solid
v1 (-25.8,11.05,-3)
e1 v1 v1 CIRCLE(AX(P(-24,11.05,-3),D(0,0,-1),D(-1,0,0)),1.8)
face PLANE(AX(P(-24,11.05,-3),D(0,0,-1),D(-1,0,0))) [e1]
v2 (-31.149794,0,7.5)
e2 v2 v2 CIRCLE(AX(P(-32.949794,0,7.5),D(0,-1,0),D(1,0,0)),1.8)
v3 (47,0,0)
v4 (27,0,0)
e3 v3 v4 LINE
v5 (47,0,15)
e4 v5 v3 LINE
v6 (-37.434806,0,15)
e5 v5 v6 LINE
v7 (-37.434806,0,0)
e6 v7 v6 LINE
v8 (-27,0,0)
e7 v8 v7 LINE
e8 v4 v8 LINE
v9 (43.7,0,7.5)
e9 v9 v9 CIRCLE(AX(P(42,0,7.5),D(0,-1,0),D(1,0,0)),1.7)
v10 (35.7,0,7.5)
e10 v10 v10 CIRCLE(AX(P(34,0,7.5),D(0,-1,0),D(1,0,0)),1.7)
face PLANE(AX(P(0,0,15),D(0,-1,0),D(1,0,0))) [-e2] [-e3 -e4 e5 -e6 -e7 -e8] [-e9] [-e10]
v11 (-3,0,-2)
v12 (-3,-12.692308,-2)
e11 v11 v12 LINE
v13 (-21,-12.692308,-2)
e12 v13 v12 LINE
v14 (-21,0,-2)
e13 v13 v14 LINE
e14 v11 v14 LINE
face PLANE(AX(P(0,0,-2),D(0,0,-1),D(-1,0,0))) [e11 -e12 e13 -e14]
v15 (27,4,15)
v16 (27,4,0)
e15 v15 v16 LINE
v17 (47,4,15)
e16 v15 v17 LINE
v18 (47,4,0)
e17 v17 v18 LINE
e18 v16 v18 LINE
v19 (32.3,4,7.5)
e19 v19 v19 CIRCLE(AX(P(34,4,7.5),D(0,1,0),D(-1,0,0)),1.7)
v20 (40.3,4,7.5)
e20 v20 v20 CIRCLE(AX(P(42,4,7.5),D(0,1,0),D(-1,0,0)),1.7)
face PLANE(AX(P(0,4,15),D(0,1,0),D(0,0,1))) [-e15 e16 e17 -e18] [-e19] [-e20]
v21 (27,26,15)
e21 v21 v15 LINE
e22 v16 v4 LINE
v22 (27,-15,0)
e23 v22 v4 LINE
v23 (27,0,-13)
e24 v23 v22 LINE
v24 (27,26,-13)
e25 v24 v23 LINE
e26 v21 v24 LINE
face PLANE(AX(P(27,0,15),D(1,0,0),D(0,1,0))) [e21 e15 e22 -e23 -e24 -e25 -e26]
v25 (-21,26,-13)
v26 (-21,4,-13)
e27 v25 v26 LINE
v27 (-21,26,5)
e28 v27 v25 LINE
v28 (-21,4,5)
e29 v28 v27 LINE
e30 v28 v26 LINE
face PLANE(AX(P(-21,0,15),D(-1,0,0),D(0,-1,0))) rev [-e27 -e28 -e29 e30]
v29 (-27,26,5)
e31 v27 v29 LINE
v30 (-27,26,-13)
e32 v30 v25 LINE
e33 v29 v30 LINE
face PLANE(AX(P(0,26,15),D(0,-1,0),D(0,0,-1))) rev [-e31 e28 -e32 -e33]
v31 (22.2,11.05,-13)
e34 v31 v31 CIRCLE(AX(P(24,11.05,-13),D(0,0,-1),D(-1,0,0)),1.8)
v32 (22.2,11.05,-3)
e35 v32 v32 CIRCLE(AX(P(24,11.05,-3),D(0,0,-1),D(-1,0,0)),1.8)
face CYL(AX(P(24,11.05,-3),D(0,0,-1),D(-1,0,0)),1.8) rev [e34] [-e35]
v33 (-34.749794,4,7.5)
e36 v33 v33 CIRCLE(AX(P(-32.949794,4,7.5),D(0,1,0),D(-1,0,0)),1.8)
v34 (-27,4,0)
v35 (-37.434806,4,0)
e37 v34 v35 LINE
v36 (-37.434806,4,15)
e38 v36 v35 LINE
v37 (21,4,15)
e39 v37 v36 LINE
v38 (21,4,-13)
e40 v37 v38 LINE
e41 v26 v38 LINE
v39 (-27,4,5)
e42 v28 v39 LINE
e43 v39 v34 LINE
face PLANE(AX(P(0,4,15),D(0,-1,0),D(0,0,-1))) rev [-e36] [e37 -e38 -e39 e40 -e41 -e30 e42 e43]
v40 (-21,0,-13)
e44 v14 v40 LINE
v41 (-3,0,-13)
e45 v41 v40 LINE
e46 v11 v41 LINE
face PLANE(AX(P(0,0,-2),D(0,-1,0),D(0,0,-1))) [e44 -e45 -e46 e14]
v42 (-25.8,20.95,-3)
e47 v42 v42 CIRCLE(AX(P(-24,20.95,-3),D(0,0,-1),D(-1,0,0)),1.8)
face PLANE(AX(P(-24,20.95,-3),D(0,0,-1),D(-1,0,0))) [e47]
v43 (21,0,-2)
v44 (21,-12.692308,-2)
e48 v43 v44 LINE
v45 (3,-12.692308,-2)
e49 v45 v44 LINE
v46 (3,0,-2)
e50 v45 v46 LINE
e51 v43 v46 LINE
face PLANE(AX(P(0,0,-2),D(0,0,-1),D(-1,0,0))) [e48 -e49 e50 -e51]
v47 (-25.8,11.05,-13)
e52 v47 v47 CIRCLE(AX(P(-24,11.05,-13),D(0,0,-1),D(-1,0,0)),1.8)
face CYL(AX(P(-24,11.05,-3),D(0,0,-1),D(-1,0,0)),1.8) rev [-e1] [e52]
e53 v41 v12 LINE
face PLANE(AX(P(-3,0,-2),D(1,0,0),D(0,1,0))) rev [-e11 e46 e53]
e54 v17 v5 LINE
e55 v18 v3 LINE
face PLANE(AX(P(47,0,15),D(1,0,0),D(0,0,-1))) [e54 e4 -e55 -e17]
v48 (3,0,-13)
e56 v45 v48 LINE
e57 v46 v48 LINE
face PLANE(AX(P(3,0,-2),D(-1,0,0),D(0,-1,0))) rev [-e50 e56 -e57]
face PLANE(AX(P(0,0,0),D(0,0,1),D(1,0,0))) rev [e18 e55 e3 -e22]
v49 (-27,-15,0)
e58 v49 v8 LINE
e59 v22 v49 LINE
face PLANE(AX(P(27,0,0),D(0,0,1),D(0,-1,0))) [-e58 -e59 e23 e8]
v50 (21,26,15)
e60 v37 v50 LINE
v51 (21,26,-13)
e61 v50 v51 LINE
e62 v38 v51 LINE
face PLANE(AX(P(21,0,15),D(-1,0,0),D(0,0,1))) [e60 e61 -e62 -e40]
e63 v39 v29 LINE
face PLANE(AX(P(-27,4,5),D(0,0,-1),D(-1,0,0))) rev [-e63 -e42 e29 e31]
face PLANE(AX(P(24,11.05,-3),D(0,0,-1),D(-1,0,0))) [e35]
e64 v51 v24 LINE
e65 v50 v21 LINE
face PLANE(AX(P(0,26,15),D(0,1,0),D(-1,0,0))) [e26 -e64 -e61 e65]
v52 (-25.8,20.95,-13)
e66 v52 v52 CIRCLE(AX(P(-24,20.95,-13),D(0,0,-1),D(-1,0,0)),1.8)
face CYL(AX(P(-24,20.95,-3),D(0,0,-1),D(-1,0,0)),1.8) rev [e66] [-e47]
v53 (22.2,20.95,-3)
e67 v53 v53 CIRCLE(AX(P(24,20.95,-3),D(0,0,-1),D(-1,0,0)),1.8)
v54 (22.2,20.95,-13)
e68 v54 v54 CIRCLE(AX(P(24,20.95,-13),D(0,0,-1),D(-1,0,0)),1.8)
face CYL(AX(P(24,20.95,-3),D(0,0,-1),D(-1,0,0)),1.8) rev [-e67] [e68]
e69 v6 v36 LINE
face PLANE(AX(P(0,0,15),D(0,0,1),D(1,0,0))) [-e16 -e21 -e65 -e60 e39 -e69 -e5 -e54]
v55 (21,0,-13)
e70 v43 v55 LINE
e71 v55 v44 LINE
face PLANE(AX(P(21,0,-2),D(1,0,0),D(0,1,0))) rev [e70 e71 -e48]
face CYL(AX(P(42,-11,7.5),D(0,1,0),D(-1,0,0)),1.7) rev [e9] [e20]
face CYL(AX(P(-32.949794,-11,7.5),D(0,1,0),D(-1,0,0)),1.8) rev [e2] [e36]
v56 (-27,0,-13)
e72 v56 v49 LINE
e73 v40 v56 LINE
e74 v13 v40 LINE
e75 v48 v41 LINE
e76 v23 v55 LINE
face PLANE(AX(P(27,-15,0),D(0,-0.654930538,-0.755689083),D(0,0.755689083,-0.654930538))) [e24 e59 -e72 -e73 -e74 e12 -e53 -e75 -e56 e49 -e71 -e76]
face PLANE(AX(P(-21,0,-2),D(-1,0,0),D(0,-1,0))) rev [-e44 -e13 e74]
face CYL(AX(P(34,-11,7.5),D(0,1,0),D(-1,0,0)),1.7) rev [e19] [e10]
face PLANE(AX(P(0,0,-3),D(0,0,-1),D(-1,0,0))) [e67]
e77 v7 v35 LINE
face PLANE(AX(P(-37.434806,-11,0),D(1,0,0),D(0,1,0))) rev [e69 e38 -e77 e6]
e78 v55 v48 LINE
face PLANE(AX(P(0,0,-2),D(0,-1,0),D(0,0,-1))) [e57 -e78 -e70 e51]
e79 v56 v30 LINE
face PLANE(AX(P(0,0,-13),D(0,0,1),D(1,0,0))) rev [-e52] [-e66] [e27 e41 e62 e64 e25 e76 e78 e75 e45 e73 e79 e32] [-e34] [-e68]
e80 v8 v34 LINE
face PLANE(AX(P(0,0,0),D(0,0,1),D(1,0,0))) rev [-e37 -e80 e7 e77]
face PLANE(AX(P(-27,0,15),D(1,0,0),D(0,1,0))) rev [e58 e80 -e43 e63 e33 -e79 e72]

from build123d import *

# Parameters (mm, degrees)
SKETCH1_W           = 21
SKETCH1_H           = 4
BOSS_EXTRUDE1_DEPTH = 15
BOSS_EXTRUDE2_DEPTH = 13
SKETCH3_R           = 1.8
CUT_EXTRUDE1_DEPTH  = 10
SKETCH4_W           = 9.565194399
SKETCH4_H           = 15
SKETCH4_R           = 1.8
SKETCH4_R_2         = 1.7
CUT_EXTRUDE2_DEPTH  = 15
SKETCH5_W           = 6
SKETCH5_H           = 10
CUT_EXTRUDE3_DEPTH  = 22
BOSS_EXTRUDE3_DEPTH = 54
SKETCH7_W           = 18
SKETCH7_H           = 15
CUT_EXTRUDE4_DEPTH  = 11


with BuildPart() as part:
    # Sketch1 → Boss-Extrude1 (new body)
    with BuildSketch(Plane.XY):
        Polygon((47, 0), (21, 0), (21, 26), (27, 26), (27, 4), (47, 4), align=None)
        with Locations((-10.5, 2)):
            Rectangle(SKETCH1_W, SKETCH1_H)
        with Locations((10.5, 2)):
            Rectangle(SKETCH1_W, SKETCH1_H)
        Polygon((-47, 0), (-21, 0), (-21, 26), (-27, 26), (-27, 4), (-47, 4), align=None)
    extrude(amount=BOSS_EXTRUDE1_DEPTH)

    # Sketch2 → Boss-Extrude2 (add)
    with BuildSketch(Plane(origin=(0, 0, 0), x_dir=(-1, 0, 0), z_dir=(0, 0, -1))):
        Polygon((-27, 26), (-27, 0), (27, 0), (27, 4), (27, 26), (21, 26), (21, 4), (-21, 4), (-21, 26), align=None)
    extrude(amount=BOSS_EXTRUDE2_DEPTH)

    # Sketch3 → Cut-Extrude1 (cut)
    with BuildSketch(Plane(origin=(0, 0, -13), x_dir=(-1, 0, 0), z_dir=(0, 0, -1))):
        with BuildLine():
            ThreePointArc((-22.2, 20.95), (-22.727207794, 22.222792206), (-24, 22.75))
            Line((-24, 22.75), (-24, 20.95))
            Line((-24, 20.95), (-24, 19.15))
            ThreePointArc((-24, 19.15), (-22.727207794, 19.677207794), (-22.2, 20.95))
        make_face()
        with BuildLine():
            Line((-24, 20.95), (-24, 22.75))
            ThreePointArc((-24, 22.75), (-25.8, 20.95), (-24, 19.15))
            Line((-24, 19.15), (-24, 20.95))
        make_face()
        with Locations((-24, 11.05)):
            Circle(SKETCH3_R)
        with Locations((24, 20.95)):
            Circle(SKETCH3_R)
        with Locations((24, 11.05)):
            Circle(SKETCH3_R)
    extrude(amount=-CUT_EXTRUDE1_DEPTH, mode=Mode.SUBTRACT)

    # Sketch4 → Cut-Extrude2 (cut)
    with BuildSketch(Plane(origin=(0, 4, 0), x_dir=(1, 0, 0), z_dir=(0, 1, 0))):
        with Locations((-42.2174028, -7.5)):
            Rectangle(SKETCH4_W, SKETCH4_H)
        with Locations(Location((-32.949794347, -7.5, 0), (0, 0, 180))):
            Circle(SKETCH4_R)
        with Locations(Location((42, -7.5, 0), (0, 0, 180))):
            Circle(SKETCH4_R_2)
        with Locations(Location((34, -7.5, 0), (0, 0, 180))):
            Circle(SKETCH4_R_2)
    extrude(amount=-CUT_EXTRUDE2_DEPTH, mode=Mode.SUBTRACT)

    # Sketch5 → Cut-Extrude3 (cut)
    with BuildSketch(Plane(origin=(0, 26, 0), x_dir=(1, 0, 0), z_dir=(0, 1, 0))):
        with Locations((-24, -10)):
            Rectangle(SKETCH5_W, SKETCH5_H)
    extrude(amount=-CUT_EXTRUDE3_DEPTH, mode=Mode.SUBTRACT)

    # Sketch6 → Boss-Extrude3 (add)
    with BuildSketch(Plane.ZY.offset(27)):
        Polygon((-13, 0), (0, 0), (0, -15), align=None)
    extrude(amount=-BOSS_EXTRUDE3_DEPTH)

    # Sketch7 → Cut-Extrude4 (cut)
    with BuildSketch(Plane(origin=(0, 0, -13), x_dir=(-1, 0, 0), z_dir=(0, 0, -1))):
        with Locations((-12, -7.5)):
            Rectangle(SKETCH7_W, SKETCH7_H)
        with Locations((12, -7.5)):
            Rectangle(SKETCH7_W, SKETCH7_H)
    extrude(amount=-CUT_EXTRUDE4_DEPTH, mode=Mode.SUBTRACT)


solid = part.part
